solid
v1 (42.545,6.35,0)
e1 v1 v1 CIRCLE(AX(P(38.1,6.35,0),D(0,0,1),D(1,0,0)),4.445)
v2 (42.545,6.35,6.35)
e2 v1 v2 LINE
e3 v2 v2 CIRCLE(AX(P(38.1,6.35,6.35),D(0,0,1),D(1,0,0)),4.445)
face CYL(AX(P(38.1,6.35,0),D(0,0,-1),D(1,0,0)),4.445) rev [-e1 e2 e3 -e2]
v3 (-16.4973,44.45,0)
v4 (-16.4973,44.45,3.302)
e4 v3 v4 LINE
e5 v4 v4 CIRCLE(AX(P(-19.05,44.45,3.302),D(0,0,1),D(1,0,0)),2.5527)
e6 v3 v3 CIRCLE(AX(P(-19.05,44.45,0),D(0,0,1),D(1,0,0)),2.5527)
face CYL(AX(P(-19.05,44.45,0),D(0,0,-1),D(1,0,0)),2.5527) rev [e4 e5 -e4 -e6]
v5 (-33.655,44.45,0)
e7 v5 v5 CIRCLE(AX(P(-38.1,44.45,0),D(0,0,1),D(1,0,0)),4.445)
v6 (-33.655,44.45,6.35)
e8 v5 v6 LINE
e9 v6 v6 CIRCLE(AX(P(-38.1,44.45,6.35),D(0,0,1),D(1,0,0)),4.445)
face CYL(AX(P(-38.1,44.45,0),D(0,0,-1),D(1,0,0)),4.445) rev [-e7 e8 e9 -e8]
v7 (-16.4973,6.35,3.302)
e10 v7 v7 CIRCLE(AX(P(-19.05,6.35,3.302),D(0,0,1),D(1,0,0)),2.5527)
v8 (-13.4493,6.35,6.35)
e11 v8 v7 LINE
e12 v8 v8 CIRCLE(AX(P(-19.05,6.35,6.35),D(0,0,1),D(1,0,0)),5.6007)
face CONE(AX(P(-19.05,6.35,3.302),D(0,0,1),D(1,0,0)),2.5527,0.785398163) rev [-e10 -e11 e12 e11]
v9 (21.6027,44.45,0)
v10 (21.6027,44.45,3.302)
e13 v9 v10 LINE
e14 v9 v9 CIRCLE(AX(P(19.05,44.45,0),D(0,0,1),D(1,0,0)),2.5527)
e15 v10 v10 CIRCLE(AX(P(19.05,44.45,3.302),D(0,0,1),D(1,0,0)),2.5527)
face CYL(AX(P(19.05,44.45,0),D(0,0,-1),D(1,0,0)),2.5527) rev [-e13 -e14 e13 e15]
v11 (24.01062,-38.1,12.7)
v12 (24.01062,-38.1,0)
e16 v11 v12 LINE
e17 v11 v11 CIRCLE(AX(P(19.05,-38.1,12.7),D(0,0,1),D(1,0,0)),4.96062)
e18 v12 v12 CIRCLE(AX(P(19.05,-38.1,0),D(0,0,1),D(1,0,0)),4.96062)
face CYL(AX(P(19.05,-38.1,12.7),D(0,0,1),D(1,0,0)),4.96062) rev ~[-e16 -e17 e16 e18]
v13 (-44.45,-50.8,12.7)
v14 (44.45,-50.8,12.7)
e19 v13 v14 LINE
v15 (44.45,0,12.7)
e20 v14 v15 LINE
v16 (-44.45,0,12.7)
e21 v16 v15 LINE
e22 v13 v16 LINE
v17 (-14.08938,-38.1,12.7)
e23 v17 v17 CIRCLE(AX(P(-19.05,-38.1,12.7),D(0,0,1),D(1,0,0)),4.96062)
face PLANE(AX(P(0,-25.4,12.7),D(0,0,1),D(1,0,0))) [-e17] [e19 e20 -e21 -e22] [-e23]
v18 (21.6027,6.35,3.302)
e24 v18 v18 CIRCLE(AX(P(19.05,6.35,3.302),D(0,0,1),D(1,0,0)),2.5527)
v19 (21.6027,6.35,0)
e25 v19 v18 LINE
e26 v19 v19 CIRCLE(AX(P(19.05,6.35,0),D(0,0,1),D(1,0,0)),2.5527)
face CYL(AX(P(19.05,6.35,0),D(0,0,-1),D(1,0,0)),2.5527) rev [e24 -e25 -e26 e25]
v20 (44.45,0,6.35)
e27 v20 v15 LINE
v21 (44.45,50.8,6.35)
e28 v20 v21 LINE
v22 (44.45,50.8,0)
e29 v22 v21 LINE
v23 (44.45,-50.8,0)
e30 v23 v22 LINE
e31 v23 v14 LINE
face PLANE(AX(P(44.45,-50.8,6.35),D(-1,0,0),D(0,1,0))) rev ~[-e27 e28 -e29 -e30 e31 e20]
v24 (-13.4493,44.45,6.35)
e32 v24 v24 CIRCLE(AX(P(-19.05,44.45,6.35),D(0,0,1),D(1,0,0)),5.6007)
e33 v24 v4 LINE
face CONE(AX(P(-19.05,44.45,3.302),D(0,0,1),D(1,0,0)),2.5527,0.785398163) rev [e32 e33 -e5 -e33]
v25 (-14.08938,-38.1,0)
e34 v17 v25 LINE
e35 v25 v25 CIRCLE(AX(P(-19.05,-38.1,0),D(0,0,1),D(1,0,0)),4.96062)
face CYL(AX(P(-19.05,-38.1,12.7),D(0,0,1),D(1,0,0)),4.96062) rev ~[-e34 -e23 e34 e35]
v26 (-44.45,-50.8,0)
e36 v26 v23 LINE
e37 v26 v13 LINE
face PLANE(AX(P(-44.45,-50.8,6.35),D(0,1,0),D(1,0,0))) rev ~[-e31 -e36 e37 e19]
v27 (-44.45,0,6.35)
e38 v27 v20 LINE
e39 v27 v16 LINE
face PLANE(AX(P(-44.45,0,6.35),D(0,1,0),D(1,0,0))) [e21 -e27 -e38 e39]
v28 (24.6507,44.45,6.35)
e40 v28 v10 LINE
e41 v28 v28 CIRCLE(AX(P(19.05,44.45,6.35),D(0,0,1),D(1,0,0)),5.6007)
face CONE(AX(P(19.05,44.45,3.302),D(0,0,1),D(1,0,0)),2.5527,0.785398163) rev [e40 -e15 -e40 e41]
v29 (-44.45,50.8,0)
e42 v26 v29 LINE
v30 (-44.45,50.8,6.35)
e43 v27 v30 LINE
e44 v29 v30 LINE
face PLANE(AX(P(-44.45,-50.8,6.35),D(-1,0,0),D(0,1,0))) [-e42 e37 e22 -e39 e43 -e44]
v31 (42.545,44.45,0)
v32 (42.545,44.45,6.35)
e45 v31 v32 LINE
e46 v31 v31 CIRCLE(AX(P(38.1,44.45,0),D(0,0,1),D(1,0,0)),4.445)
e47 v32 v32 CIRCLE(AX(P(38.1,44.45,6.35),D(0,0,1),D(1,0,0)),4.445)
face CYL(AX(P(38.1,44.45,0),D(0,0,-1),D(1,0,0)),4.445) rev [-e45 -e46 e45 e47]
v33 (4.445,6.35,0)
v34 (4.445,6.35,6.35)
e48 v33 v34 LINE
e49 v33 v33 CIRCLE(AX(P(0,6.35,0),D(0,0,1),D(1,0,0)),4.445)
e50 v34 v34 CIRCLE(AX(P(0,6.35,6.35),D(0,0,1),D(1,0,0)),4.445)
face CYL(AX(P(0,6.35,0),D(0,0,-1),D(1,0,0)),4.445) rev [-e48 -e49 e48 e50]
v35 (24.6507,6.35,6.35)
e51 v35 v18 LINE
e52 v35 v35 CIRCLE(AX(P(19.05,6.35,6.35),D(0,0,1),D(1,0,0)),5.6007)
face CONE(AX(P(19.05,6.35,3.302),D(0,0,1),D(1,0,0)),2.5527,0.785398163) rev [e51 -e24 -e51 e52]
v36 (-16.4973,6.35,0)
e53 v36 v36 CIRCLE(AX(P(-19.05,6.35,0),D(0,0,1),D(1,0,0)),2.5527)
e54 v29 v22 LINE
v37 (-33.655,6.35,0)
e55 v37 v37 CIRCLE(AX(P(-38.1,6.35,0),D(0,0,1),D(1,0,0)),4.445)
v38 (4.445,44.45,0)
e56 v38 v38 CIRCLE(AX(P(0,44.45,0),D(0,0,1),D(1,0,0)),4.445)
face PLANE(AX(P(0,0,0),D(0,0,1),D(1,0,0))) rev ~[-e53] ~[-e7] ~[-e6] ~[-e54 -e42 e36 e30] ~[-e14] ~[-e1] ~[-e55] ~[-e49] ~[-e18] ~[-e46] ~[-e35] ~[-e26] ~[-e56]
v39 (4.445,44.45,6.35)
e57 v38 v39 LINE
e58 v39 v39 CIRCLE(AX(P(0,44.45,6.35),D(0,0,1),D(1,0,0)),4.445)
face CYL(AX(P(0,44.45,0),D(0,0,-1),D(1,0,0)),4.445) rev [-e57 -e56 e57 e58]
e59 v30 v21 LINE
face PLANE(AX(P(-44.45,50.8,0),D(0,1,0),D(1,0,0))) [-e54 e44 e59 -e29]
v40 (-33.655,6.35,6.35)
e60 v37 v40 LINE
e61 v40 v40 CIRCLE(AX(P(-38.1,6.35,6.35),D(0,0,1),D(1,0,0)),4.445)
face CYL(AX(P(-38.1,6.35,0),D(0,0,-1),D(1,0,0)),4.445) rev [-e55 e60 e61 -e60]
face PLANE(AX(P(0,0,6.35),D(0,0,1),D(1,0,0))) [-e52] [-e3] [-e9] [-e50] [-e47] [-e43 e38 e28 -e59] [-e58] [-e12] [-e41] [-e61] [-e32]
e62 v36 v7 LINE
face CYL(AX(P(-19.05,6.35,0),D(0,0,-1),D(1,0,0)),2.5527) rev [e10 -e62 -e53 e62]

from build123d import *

# Parameters (mm, degrees)
F0_W     = 88.9
F0_H     = 101.6
F0_R     = 4.445
F0_R_2   = 2.5527
F1_DEPTH = 6.35
F2_W     = 88.9
F2_H     = 50.8
F3_DEPTH = 6.35
F4_R     = 4.96062
F5_DEPTH = 25.4
F6_SIZE  = 3.048


with BuildPart() as f1:
    # F0 (on Top) → F1 (new body)
    with BuildSketch(Plane.XY):
        Rectangle(F0_W, F0_H)
        with Locations((-38.1, 6.35)):
            Circle(F0_R, mode=Mode.SUBTRACT)
        with Locations((-19.05, 6.35)):
            Circle(F0_R_2, mode=Mode.SUBTRACT)
        with Locations((-38.1, 44.45)):
            Circle(F0_R, mode=Mode.SUBTRACT)
        with Locations((-19.05, 44.45)):
            Circle(F0_R_2, mode=Mode.SUBTRACT)
        with Locations((0, 6.35)):
            Circle(F0_R, mode=Mode.SUBTRACT)
        with Locations((19.05, 6.35)):
            Circle(F0_R_2, mode=Mode.SUBTRACT)
        with Locations((38.1, 6.35)):
            Circle(F0_R, mode=Mode.SUBTRACT)
        with Locations((0, 44.45)):
            Circle(F0_R, mode=Mode.SUBTRACT)
        with Locations((19.05, 44.45)):
            Circle(F0_R_2, mode=Mode.SUBTRACT)
        with Locations((38.1, 44.45)):
            Circle(F0_R, mode=Mode.SUBTRACT)
    extrude(amount=F1_DEPTH)

    # F2 (on face) → F3 (join)
    with BuildSketch(Plane.XY.offset(6.35)):
        with Locations((0, -25.4)):
            Rectangle(F2_W, F2_H)
    extrude(amount=F3_DEPTH)

    # F4 (on face) → F5 (cut)
    with BuildSketch(Plane.XY.offset(12.7)):
        with Locations((-19.05, -38.1)):
            Circle(F4_R)
        with Locations((19.05, -38.1)):
            Circle(F4_R)
    extrude(amount=-F5_DEPTH, mode=Mode.SUBTRACT)

    # F6
    f6_edges = [f1.edges().sort_by_distance(p)[0] for p in [
        (-21.6027, 44.45, 6.35),
        (16.4973, 44.45, 6.35),
        (16.4973, 6.35, 6.35),
        (-21.6027, 6.35, 6.35),
    ]]
    chamfer(f6_edges, length=F6_SIZE)


solid = f1.part
